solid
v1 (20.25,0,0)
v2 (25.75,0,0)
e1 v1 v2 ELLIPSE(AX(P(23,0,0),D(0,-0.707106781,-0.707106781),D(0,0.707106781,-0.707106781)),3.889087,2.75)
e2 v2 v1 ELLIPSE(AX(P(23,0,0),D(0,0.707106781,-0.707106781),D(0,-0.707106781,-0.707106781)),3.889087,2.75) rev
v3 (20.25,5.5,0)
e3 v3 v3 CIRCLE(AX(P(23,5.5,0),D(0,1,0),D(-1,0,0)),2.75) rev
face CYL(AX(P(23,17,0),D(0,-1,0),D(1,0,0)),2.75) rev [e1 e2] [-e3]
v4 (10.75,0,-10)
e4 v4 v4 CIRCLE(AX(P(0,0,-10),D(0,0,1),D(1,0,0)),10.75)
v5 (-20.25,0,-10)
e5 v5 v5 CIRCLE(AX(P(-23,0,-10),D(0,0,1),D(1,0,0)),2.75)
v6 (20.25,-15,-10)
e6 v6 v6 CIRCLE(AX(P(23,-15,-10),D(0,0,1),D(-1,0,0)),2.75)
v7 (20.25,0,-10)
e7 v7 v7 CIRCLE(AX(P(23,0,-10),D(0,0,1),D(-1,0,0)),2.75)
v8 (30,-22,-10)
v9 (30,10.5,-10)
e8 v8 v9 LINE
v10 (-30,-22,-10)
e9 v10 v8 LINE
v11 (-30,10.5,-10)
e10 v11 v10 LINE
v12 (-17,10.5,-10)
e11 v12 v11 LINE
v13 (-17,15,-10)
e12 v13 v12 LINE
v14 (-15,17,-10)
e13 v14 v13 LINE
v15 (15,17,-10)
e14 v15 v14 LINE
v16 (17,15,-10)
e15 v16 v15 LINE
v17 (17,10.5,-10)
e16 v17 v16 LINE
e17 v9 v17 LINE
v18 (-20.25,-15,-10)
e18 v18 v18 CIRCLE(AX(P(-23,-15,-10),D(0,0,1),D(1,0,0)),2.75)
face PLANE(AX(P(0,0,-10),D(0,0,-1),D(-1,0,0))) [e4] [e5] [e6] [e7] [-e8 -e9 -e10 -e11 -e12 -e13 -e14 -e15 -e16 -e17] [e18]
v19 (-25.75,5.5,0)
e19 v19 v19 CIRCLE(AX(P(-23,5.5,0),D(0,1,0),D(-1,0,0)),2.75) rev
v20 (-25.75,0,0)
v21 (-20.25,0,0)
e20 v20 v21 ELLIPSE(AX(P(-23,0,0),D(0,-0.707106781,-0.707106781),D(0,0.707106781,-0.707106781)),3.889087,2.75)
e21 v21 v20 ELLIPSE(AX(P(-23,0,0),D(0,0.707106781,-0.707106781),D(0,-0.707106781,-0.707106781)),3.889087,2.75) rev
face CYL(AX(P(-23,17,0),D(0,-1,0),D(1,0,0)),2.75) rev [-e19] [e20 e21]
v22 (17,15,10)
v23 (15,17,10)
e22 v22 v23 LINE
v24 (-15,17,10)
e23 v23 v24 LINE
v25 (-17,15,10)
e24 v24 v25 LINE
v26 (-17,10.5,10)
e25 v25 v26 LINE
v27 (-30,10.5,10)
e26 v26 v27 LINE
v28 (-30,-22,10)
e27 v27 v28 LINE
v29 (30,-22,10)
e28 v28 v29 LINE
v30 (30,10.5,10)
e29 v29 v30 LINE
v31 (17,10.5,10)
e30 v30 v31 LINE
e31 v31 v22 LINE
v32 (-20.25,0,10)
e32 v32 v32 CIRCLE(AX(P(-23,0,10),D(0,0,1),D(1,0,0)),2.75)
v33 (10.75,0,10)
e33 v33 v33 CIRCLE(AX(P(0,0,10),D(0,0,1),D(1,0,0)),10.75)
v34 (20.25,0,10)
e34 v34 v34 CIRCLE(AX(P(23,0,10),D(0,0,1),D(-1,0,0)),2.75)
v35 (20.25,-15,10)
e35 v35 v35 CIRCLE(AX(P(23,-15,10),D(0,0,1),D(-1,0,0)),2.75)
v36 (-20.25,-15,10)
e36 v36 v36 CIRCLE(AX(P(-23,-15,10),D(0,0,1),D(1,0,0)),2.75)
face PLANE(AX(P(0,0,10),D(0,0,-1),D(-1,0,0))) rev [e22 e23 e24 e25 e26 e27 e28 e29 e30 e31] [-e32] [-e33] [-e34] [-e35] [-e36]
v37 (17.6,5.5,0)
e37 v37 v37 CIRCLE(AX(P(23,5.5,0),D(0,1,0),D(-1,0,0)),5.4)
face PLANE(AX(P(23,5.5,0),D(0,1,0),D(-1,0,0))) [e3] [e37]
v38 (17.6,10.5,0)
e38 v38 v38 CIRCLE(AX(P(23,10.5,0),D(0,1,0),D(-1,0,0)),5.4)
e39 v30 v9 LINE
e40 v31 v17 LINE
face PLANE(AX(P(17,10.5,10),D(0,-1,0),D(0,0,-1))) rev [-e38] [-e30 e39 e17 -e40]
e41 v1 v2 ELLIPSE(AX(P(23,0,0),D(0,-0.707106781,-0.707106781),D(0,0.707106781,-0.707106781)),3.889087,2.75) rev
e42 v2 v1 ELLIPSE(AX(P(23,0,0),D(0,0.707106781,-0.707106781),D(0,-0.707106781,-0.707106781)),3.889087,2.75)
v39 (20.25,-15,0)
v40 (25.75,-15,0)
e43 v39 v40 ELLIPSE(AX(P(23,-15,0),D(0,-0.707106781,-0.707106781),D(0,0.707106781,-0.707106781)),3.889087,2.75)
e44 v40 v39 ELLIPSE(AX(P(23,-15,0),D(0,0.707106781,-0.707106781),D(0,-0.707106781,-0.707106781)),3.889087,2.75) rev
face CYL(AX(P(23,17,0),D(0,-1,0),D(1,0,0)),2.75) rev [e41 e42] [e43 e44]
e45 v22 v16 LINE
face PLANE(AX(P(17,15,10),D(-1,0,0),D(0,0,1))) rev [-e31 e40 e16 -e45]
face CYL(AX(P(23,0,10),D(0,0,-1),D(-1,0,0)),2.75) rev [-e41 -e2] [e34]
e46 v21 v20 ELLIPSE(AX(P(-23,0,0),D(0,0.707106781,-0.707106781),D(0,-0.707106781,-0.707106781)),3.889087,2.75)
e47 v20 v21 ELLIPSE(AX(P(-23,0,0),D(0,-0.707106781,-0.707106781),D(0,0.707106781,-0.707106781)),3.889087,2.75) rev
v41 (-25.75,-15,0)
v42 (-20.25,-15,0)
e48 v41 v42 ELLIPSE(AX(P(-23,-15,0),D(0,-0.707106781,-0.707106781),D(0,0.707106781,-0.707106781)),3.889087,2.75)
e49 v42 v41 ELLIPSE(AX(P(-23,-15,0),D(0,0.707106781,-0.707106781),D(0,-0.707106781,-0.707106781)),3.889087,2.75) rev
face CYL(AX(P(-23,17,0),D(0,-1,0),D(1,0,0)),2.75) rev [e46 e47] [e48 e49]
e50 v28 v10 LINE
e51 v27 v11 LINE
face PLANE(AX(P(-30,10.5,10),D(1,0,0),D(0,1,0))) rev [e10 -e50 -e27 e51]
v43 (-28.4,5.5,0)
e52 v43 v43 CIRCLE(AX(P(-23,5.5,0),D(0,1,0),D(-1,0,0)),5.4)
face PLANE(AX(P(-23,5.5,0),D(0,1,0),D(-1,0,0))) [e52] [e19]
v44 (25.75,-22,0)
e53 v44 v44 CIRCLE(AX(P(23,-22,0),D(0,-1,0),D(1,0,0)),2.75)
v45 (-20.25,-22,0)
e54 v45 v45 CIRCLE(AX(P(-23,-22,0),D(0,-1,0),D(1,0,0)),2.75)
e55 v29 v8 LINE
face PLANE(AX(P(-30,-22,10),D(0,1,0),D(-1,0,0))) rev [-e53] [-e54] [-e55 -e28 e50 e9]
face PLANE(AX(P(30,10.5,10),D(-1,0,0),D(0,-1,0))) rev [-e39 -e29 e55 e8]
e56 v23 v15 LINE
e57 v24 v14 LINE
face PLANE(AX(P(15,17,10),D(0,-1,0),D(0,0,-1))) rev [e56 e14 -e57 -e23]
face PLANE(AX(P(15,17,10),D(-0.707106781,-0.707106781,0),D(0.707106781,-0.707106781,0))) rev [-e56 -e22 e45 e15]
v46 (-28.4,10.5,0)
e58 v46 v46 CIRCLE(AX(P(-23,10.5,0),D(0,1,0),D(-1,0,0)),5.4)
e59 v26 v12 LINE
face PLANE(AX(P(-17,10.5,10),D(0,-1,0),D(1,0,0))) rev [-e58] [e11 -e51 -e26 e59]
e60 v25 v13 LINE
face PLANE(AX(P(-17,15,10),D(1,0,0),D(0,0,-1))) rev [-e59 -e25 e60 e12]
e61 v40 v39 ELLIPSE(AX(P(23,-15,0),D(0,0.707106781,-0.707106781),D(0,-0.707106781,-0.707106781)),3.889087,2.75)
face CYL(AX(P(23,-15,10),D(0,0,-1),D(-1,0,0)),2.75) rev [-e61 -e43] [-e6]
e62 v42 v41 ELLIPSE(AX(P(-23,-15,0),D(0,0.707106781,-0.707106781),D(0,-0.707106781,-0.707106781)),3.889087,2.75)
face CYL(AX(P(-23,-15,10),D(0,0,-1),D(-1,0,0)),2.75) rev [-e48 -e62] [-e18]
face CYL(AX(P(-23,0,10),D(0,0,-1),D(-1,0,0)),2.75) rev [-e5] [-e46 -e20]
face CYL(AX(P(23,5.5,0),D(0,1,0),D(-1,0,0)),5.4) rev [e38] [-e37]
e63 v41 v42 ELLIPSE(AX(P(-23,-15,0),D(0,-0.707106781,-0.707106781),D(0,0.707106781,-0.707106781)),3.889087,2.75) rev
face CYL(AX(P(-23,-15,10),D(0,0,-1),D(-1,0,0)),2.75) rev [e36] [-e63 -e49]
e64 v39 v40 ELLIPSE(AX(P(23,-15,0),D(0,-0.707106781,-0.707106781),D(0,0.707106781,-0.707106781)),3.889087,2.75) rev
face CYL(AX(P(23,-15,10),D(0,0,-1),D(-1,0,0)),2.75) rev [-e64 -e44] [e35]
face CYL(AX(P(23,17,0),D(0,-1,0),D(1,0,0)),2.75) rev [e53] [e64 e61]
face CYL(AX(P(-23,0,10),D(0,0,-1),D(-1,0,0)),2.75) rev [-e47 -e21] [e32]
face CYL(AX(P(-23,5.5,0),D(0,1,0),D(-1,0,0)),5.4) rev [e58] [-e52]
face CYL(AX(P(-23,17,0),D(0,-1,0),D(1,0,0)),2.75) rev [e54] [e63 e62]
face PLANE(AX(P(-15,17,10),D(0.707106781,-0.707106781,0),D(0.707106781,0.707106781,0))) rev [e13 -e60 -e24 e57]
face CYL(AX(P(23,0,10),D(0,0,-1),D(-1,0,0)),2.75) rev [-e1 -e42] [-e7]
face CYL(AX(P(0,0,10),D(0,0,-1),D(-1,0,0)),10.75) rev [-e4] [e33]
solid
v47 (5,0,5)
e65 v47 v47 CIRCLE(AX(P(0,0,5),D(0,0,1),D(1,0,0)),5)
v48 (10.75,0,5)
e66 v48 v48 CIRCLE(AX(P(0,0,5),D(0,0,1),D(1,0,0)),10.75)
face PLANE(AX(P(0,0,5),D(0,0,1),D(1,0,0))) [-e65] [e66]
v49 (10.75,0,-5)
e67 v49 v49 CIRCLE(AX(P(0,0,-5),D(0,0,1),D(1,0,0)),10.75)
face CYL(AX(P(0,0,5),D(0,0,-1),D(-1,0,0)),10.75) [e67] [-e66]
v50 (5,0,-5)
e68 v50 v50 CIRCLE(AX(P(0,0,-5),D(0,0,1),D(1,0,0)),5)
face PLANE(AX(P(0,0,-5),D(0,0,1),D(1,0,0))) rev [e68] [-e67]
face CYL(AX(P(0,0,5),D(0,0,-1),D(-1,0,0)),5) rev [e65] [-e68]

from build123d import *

# Parameters (mm, degrees)
SKETCH2_R           = 10.75
SKETCH2_R_2         = 2.75
BOSS_EXTRUDE2_DEPTH = 10
SKETCH3_R           = 2.75
CUT_EXTRUDE1_DEPTH  = 51.209560843
SKETCH4_R           = 5.4
CUT_EXTRUDE2_DEPTH  = 5
SKETCH5_R           = 10.75
SKETCH5_R_2         = 5
BOSS_EXTRUDE4_DEPTH = 5


with BuildPart() as part:
    # Sketch2 → Boss-Extrude2 (new, symmetric)
    with BuildSketch(Plane.XY):
        Polygon((15, 17), (-15, 17), (-17, 15), (-17, 10.5), (-30, 10.5), (-30, -22), (30, -22), (30, 10.5), (17, 10.5), (17, 15), align=None)
        Circle(SKETCH2_R, mode=Mode.SUBTRACT)
        with Locations((-23, 0)):
            Circle(SKETCH2_R_2, mode=Mode.SUBTRACT)
        with Locations((-23, -15)):
            Circle(SKETCH2_R_2, mode=Mode.SUBTRACT)
        with Locations(Location((23, -15, 0), (0, 0, 180))):
            Circle(SKETCH2_R_2, mode=Mode.SUBTRACT)
        with Locations(Location((23, 0, 0), (0, 0, 180))):
            Circle(SKETCH2_R_2, mode=Mode.SUBTRACT)
    extrude(amount=BOSS_EXTRUDE2_DEPTH, both=True)

    # Sketch3 → Cut-Extrude1 (cut, through all)
    with BuildSketch(Plane.XZ.offset(22)):
        with Locations((23, 0)):
            Circle(SKETCH3_R)
        with Locations((-23, 0)):
            Circle(SKETCH3_R)
    extrude(amount=-CUT_EXTRUDE1_DEPTH, mode=Mode.SUBTRACT)

    # Sketch4 → Cut-Extrude2 (cut)
    with BuildSketch(Plane(origin=(0, 10.5, 0), x_dir=(1, 0, 0), z_dir=(0, 1, 0))):
        with Locations(Location((-23, 0, 0), (0, 0, 180))):
            Circle(SKETCH4_R)
        with Locations(Location((23, 0, 0), (0, 0, 180))):
            Circle(SKETCH4_R)
    extrude(amount=-CUT_EXTRUDE2_DEPTH, mode=Mode.SUBTRACT)


with BuildPart() as body_2:
    # Sketch5 → Boss-Extrude4 (new, symmetric)
    with BuildSketch(Plane.XY):
        Circle(SKETCH5_R)
        Circle(SKETCH5_R_2, mode=Mode.SUBTRACT)
    extrude(amount=BOSS_EXTRUDE4_DEPTH, both=True)


solid = Compound([part.part, body_2.part])
